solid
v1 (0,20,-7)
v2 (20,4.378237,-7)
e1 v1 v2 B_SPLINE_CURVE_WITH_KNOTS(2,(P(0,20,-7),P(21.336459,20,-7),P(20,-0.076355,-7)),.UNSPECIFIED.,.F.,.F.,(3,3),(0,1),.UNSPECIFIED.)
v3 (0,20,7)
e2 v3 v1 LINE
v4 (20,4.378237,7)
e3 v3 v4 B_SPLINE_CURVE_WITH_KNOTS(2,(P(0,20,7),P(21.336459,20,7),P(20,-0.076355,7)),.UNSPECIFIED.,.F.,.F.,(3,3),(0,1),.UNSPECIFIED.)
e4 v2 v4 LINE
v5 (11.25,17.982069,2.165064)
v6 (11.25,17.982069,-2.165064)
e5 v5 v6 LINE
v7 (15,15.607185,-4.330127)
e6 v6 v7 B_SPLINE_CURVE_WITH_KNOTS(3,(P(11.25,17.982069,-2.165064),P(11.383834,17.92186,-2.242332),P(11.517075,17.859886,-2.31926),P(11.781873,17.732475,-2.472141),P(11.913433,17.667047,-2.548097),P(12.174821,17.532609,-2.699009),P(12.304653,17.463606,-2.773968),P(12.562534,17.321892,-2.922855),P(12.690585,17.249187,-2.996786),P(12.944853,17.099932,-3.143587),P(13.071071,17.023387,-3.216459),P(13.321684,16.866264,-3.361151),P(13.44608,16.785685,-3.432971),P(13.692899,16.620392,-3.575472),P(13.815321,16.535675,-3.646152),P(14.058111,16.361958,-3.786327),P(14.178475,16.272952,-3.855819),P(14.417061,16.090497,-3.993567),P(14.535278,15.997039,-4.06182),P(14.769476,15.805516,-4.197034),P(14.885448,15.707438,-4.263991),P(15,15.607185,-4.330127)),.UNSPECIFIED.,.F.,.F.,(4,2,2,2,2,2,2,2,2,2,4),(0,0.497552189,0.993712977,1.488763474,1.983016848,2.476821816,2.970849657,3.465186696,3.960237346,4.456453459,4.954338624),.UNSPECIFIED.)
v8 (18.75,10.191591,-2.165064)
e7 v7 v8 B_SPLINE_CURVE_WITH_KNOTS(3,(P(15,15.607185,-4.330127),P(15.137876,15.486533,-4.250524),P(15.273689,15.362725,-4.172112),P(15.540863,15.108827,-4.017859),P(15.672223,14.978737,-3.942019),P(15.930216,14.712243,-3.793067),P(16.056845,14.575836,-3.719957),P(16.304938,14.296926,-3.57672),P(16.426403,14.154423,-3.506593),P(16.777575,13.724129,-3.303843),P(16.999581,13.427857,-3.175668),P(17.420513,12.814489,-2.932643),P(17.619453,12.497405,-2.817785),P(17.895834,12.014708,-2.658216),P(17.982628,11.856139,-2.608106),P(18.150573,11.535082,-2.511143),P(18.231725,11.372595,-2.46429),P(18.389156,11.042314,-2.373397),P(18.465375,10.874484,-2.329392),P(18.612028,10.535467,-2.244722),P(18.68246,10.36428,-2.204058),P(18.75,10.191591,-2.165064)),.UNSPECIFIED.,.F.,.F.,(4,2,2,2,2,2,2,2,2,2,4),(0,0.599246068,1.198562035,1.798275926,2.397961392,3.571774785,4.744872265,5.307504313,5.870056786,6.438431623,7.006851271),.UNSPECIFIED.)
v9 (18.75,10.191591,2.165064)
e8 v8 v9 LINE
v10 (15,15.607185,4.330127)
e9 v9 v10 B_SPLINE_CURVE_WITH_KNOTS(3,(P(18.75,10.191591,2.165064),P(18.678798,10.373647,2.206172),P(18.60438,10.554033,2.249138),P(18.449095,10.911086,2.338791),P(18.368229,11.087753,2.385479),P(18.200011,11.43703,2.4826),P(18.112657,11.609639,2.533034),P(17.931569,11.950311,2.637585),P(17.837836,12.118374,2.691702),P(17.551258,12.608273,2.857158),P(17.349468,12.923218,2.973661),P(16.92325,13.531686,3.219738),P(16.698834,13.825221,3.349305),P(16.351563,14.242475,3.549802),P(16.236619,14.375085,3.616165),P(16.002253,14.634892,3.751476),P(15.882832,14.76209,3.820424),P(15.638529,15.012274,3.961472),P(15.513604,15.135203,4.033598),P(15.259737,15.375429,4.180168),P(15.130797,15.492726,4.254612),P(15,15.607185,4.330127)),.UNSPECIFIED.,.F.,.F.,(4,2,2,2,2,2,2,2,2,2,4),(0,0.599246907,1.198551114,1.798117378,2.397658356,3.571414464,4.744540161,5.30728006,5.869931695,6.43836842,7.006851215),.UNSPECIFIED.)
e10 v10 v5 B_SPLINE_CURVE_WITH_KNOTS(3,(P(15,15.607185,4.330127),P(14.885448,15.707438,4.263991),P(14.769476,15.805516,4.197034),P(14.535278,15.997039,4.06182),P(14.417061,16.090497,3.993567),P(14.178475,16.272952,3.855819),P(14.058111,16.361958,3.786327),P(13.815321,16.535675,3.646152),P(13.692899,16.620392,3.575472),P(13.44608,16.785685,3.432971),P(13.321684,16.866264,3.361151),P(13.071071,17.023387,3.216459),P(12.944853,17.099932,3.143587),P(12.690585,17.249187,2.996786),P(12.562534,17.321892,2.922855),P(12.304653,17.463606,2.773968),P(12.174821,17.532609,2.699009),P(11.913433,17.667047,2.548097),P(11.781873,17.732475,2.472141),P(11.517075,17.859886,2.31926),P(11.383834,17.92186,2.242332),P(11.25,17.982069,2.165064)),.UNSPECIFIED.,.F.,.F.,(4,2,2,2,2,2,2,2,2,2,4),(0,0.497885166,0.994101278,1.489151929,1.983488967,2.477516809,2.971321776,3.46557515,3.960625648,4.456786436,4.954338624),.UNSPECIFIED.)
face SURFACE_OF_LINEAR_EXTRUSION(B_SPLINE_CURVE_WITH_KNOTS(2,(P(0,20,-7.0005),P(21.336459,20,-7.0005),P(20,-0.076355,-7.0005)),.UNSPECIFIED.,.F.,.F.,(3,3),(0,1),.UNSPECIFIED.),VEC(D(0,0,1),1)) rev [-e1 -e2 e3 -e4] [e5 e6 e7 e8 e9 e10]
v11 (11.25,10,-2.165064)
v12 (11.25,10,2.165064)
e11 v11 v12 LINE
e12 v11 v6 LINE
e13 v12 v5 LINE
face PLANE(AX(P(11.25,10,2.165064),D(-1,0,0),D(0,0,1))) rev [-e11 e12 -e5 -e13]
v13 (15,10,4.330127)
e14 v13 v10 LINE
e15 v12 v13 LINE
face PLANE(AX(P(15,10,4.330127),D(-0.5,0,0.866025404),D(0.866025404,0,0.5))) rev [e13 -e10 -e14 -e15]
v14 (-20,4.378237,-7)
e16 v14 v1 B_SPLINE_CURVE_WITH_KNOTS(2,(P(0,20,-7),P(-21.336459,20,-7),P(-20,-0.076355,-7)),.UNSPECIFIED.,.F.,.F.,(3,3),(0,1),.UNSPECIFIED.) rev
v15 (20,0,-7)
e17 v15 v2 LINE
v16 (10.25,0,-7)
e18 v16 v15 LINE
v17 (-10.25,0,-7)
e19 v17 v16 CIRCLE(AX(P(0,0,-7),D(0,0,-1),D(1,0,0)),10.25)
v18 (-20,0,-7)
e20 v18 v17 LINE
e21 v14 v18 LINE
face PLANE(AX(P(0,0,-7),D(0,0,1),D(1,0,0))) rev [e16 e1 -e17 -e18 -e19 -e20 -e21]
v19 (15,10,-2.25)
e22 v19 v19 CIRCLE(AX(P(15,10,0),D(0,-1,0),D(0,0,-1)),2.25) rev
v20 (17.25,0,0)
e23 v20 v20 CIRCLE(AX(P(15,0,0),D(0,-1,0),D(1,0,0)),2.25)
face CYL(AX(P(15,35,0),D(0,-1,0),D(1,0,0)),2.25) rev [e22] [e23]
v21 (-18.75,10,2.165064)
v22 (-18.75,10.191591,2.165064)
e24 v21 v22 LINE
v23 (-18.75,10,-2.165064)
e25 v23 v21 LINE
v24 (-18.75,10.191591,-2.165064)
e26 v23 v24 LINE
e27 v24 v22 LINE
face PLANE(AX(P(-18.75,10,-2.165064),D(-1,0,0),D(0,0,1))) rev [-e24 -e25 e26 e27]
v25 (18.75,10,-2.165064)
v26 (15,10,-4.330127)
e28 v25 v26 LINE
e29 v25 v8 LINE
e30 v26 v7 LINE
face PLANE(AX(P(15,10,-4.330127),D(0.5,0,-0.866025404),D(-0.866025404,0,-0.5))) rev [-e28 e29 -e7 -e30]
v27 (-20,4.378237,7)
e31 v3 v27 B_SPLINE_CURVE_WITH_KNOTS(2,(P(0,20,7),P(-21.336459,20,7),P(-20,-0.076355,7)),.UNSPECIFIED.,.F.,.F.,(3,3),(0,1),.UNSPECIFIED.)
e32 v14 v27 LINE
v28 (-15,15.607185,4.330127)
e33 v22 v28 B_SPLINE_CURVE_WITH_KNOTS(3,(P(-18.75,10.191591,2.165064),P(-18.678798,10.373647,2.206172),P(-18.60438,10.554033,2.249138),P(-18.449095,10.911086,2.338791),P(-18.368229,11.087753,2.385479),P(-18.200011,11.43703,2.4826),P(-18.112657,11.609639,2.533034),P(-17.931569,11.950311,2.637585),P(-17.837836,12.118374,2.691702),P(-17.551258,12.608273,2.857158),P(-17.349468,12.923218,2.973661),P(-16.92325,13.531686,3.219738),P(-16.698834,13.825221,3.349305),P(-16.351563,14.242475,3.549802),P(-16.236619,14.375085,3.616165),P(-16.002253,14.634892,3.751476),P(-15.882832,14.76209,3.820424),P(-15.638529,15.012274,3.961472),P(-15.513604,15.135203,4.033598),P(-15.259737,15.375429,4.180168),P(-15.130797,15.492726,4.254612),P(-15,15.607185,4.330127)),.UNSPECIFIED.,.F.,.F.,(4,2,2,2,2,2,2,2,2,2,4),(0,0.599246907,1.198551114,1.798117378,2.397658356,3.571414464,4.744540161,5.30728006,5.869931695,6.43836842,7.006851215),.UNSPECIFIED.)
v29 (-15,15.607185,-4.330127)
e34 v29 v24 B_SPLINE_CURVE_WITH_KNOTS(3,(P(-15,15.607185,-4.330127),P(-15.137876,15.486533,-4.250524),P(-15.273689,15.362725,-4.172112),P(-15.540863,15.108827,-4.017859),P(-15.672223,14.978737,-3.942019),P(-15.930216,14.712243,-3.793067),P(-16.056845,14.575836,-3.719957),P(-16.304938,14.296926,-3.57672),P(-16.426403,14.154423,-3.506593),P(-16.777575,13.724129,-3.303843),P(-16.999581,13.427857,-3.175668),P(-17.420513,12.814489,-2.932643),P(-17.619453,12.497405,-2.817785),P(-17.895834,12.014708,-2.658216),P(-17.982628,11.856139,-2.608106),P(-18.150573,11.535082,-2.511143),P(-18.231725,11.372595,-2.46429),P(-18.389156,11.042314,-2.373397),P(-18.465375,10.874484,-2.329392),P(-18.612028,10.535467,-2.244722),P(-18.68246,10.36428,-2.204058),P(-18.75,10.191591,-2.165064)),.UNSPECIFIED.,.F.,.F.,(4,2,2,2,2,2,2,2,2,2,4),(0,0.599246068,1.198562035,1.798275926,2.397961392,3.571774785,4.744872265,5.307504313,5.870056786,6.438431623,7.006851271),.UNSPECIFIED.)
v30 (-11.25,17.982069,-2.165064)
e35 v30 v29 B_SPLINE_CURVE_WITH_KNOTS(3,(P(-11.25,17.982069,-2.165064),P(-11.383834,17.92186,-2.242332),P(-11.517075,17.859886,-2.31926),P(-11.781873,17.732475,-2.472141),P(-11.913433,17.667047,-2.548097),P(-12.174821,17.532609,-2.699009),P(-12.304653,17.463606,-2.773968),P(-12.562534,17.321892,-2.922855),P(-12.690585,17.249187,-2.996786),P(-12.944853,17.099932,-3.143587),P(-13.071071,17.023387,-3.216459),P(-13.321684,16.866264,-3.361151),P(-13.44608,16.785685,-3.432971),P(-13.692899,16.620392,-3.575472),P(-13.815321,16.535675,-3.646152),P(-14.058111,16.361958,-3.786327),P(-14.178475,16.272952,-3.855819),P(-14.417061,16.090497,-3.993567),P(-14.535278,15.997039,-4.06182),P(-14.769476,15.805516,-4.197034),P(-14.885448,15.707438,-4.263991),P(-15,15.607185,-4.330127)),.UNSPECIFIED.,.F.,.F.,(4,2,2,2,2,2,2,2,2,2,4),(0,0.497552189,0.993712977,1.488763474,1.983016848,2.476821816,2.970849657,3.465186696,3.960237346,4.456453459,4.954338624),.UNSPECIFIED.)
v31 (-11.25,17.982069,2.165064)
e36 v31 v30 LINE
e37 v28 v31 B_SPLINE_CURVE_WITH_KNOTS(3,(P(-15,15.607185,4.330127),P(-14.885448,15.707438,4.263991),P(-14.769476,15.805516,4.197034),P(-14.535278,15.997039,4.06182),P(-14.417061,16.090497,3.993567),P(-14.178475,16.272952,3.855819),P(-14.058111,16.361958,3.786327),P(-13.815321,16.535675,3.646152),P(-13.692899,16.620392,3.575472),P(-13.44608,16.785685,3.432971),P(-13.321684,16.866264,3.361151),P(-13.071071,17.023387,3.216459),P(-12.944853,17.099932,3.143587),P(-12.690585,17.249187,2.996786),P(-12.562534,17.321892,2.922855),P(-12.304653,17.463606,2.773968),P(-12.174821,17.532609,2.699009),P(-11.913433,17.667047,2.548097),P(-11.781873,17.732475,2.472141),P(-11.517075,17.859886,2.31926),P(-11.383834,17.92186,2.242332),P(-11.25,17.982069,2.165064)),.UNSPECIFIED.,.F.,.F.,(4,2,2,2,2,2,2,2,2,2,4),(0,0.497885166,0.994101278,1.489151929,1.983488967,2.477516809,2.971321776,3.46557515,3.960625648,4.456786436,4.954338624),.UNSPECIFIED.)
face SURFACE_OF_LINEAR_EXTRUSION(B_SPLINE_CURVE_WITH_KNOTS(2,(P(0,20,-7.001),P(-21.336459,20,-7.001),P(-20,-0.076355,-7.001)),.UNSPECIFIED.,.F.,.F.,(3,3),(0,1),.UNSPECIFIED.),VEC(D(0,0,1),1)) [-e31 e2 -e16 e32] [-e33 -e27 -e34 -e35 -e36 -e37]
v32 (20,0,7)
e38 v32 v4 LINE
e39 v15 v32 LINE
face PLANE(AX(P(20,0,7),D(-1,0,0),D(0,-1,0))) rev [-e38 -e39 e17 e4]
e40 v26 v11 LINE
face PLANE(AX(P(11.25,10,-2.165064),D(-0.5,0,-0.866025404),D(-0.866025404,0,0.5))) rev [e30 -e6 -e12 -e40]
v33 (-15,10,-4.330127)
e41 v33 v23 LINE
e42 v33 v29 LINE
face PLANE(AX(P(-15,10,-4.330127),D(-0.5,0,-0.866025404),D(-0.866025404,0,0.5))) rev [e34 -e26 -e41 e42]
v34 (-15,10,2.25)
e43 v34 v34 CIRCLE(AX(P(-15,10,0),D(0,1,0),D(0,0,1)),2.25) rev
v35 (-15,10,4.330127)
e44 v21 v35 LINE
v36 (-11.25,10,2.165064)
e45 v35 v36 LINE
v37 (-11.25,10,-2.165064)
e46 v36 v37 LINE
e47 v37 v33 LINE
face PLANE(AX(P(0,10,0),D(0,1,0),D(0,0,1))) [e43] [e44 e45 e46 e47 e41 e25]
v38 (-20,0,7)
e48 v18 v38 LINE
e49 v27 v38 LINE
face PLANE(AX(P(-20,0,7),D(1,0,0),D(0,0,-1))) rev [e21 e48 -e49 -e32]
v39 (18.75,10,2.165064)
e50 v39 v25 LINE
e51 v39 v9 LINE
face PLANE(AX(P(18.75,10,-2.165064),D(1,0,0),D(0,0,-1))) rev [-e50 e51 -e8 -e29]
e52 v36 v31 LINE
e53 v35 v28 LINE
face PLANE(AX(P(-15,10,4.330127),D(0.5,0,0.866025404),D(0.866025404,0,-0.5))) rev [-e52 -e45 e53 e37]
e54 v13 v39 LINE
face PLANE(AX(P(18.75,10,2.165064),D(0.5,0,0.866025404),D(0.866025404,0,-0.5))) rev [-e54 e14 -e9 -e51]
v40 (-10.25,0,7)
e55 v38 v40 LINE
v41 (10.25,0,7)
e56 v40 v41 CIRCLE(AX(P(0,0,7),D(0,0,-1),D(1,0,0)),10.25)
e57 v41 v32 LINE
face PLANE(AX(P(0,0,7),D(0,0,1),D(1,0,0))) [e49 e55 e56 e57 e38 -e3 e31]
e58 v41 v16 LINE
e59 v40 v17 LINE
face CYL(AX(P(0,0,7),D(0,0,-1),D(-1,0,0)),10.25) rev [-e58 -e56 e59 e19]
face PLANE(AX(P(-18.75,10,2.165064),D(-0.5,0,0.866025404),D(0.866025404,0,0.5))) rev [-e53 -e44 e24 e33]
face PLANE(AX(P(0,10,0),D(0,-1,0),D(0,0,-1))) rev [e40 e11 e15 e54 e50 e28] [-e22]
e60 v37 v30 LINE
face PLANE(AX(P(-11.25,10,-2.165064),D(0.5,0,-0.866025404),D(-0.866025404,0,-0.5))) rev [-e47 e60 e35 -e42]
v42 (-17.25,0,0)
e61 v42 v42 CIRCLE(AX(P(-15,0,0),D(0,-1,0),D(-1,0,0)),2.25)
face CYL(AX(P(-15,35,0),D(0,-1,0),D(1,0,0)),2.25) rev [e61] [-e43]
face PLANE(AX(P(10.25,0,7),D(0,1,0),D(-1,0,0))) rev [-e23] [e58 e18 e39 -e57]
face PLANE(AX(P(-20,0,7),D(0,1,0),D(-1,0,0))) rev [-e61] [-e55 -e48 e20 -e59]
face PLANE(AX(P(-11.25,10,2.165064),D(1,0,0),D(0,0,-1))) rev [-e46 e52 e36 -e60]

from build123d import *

# Parameters (mm, degrees)
BOSS_EXTRUDE1_DEPTH    = 7
FILLET1_R              = 2
SPLIT1_SURFACE_1_BACK  = 47.861
SPLIT1_SURFACE_1_DEPTH = 95.722
SPLIT1_SURFACE_2_BACK  = 47.861
SPLIT1_SURFACE_2_DEPTH = 95.722
CUT_EXTRUDE2_DEPTH     = 14
CUT_EXTRUDE8_DEPTH     = 32.559467847
SKETCH10_R             = 2.25
CUT_EXTRUDE6_DEPTH     = 35
CUT_EXTRUDE7_DEPTH     = 10
BOSS_EXTRUDE2_DEPTH    = 14


with BuildPart() as part:
    # Sketch1 → Boss-Extrude1 (new, symmetric)
    with BuildSketch(Plane.XY):
        with BuildLine():
            Line((10.25, 0), (20, 0))
            Line((20, 0), (20, 20))
            Line((20, 20), (-20, 20))
            Line((-20, 20), (-20, 0))
            Line((-20, 0), (-10.25, 0))
            ThreePointArc((-10.25, 0), (0, 10.25), (10.25, 0))
        make_face()
    extrude(amount=BOSS_EXTRUDE1_DEPTH, both=True)

    # Fillet1
    fillet1_edges = [part.edges().sort_by_distance(p)[0] for p in [
        (20, 0, 0),
        (-20, 0, 0),
    ]]
    fillet(fillet1_edges, radius=FILLET1_R)


with BuildPart() as body_2:
    # Split1: the piece behind the surface
    add(part.part)
    # Split1 surface: a surface, the sketch's curves swept straight by 95.722 mm
    with BuildLine(Plane.XY.offset(7).offset(-SPLIT1_SURFACE_1_BACK), mode=Mode.PRIVATE) as split1_surface_1_path:
        Line((0, 20), (0, 0))
    split1_surface_1 = Shell.extrude(split1_surface_1_path.wire(), (0 * SPLIT1_SURFACE_1_DEPTH, 0 * SPLIT1_SURFACE_1_DEPTH, 1 * SPLIT1_SURFACE_1_DEPTH))
    split(bisect_by=split1_surface_1, keep=Keep.BOTTOM)

    # Sketch6 → Cut-Extrude2 (cut)
    with BuildSketch(Plane.XY.offset(7)):
        with BuildLine():
            Line((-20, 20), (-20, 4.378237371))
            add(Edge.make_bspline(
                [(0, 20), (-18.821096643, 20), (-20, 4.378237371)],
                knots=[0, 0, 0, 0.882109664, 0.882109664, 0.882109664], degree=2))
            Line((0, 20), (-20, 20))
        make_face()
    extrude(amount=-CUT_EXTRUDE2_DEPTH, mode=Mode.SUBTRACT)


with BuildPart() as part_1:
    add(part.part)

    # Split1: split by a surface, the side it looks to stays
    # Split1 surface: a surface, the sketch's curves swept straight by 95.722 mm
    with BuildLine(Plane.XY.offset(7).offset(-SPLIT1_SURFACE_2_BACK), mode=Mode.PRIVATE) as split1_surface_2_path:
        Line((0, 20), (0, 0))
    split1_surface_2 = Shell.extrude(split1_surface_2_path.wire(), (0 * SPLIT1_SURFACE_2_DEPTH, 0 * SPLIT1_SURFACE_2_DEPTH, 1 * SPLIT1_SURFACE_2_DEPTH))
    split(bisect_by=split1_surface_2, keep=Keep.TOP)

    # Sketch6<3> → Cut-Extrude8 (cut, through all)
    with BuildSketch(Plane.XY.offset(7)):
        with BuildLine():
            Line((20, 20), (0, 20))
            add(Edge.make_bspline(
                [(0, 20), (18.821096643, 20), (20, 4.378237371)],
                knots=[0, 0, 0, 0.882109664, 0.882109664, 0.882109664], degree=2))
            Line((20, 4.378237371), (20, 20))
        make_face()
    extrude(amount=-CUT_EXTRUDE8_DEPTH, mode=Mode.SUBTRACT)


with BuildPart() as cut_extrude6_tool:
    # Sketch10 → Cut-Extrude6 (new body)
    with BuildSketch(Plane.XZ):
        with Locations((15, 0)):
            Circle(SKETCH10_R)
        with Locations((-15, 0)):
            Circle(SKETCH10_R)
    extrude(amount=-CUT_EXTRUDE6_DEPTH)


with BuildPart() as part_2:
    add(part_1.part)

    # Cut-Extrude6: cut by cut_extrude6_tool
    add(cut_extrude6_tool.part, mode=Mode.SUBTRACT)


with BuildPart() as body_2_1:
    add(body_2.part)

    # Cut-Extrude6: cut by cut_extrude6_tool
    add(cut_extrude6_tool.part, mode=Mode.SUBTRACT)


with BuildPart() as cut_extrude7_tool:
    # Sketch11 → Cut-Extrude7 (new body)
    with BuildSketch(Plane(origin=(0, 20, 0), x_dir=(1, 0, 0), z_dir=(0, 1, 0))):
        Polygon((-11.25, -2.165063509), (-11.25, 2.165063509), (-15, 4.330127019), (-18.75, 2.165063509), (-18.75, -2.165063509), (-15, -4.330127019), align=None)
        Polygon((15, -4.330127019), (11.25, -2.165063509), (11.25, 2.165063509), (15, 4.330127019), (18.75, 2.165063509), (18.75, -2.165063509), align=None)
    extrude(amount=-CUT_EXTRUDE7_DEPTH)


with BuildPart() as part_3:
    add(part_2.part)

    # Cut-Extrude7: cut by cut_extrude7_tool
    add(cut_extrude7_tool.part, mode=Mode.SUBTRACT)


with BuildPart() as body_2_2:
    add(body_2_1.part)

    # Cut-Extrude7: cut by cut_extrude7_tool
    add(cut_extrude7_tool.part, mode=Mode.SUBTRACT)

    # Combine1: union part
    add(part_3.part)

    # Sketch12 → Boss-Extrude2 (add)
    with BuildSketch(Plane.XY.offset(7)):
        with BuildLine():
            Line((-18, 0), (-20, 0))
            Line((-20, 0), (-20, 2))
            ThreePointArc((-20, 2), (-19.414213562, 0.585786438), (-18, 0))
        make_face()
        with BuildLine():
            Line((18, 0), (20, 0))
            Line((20, 0), (20, 2))
            ThreePointArc((20, 2), (19.414213562, 0.585786438), (18, 0))
        make_face()
    extrude(amount=-BOSS_EXTRUDE2_DEPTH)


solid = body_2_2.part
